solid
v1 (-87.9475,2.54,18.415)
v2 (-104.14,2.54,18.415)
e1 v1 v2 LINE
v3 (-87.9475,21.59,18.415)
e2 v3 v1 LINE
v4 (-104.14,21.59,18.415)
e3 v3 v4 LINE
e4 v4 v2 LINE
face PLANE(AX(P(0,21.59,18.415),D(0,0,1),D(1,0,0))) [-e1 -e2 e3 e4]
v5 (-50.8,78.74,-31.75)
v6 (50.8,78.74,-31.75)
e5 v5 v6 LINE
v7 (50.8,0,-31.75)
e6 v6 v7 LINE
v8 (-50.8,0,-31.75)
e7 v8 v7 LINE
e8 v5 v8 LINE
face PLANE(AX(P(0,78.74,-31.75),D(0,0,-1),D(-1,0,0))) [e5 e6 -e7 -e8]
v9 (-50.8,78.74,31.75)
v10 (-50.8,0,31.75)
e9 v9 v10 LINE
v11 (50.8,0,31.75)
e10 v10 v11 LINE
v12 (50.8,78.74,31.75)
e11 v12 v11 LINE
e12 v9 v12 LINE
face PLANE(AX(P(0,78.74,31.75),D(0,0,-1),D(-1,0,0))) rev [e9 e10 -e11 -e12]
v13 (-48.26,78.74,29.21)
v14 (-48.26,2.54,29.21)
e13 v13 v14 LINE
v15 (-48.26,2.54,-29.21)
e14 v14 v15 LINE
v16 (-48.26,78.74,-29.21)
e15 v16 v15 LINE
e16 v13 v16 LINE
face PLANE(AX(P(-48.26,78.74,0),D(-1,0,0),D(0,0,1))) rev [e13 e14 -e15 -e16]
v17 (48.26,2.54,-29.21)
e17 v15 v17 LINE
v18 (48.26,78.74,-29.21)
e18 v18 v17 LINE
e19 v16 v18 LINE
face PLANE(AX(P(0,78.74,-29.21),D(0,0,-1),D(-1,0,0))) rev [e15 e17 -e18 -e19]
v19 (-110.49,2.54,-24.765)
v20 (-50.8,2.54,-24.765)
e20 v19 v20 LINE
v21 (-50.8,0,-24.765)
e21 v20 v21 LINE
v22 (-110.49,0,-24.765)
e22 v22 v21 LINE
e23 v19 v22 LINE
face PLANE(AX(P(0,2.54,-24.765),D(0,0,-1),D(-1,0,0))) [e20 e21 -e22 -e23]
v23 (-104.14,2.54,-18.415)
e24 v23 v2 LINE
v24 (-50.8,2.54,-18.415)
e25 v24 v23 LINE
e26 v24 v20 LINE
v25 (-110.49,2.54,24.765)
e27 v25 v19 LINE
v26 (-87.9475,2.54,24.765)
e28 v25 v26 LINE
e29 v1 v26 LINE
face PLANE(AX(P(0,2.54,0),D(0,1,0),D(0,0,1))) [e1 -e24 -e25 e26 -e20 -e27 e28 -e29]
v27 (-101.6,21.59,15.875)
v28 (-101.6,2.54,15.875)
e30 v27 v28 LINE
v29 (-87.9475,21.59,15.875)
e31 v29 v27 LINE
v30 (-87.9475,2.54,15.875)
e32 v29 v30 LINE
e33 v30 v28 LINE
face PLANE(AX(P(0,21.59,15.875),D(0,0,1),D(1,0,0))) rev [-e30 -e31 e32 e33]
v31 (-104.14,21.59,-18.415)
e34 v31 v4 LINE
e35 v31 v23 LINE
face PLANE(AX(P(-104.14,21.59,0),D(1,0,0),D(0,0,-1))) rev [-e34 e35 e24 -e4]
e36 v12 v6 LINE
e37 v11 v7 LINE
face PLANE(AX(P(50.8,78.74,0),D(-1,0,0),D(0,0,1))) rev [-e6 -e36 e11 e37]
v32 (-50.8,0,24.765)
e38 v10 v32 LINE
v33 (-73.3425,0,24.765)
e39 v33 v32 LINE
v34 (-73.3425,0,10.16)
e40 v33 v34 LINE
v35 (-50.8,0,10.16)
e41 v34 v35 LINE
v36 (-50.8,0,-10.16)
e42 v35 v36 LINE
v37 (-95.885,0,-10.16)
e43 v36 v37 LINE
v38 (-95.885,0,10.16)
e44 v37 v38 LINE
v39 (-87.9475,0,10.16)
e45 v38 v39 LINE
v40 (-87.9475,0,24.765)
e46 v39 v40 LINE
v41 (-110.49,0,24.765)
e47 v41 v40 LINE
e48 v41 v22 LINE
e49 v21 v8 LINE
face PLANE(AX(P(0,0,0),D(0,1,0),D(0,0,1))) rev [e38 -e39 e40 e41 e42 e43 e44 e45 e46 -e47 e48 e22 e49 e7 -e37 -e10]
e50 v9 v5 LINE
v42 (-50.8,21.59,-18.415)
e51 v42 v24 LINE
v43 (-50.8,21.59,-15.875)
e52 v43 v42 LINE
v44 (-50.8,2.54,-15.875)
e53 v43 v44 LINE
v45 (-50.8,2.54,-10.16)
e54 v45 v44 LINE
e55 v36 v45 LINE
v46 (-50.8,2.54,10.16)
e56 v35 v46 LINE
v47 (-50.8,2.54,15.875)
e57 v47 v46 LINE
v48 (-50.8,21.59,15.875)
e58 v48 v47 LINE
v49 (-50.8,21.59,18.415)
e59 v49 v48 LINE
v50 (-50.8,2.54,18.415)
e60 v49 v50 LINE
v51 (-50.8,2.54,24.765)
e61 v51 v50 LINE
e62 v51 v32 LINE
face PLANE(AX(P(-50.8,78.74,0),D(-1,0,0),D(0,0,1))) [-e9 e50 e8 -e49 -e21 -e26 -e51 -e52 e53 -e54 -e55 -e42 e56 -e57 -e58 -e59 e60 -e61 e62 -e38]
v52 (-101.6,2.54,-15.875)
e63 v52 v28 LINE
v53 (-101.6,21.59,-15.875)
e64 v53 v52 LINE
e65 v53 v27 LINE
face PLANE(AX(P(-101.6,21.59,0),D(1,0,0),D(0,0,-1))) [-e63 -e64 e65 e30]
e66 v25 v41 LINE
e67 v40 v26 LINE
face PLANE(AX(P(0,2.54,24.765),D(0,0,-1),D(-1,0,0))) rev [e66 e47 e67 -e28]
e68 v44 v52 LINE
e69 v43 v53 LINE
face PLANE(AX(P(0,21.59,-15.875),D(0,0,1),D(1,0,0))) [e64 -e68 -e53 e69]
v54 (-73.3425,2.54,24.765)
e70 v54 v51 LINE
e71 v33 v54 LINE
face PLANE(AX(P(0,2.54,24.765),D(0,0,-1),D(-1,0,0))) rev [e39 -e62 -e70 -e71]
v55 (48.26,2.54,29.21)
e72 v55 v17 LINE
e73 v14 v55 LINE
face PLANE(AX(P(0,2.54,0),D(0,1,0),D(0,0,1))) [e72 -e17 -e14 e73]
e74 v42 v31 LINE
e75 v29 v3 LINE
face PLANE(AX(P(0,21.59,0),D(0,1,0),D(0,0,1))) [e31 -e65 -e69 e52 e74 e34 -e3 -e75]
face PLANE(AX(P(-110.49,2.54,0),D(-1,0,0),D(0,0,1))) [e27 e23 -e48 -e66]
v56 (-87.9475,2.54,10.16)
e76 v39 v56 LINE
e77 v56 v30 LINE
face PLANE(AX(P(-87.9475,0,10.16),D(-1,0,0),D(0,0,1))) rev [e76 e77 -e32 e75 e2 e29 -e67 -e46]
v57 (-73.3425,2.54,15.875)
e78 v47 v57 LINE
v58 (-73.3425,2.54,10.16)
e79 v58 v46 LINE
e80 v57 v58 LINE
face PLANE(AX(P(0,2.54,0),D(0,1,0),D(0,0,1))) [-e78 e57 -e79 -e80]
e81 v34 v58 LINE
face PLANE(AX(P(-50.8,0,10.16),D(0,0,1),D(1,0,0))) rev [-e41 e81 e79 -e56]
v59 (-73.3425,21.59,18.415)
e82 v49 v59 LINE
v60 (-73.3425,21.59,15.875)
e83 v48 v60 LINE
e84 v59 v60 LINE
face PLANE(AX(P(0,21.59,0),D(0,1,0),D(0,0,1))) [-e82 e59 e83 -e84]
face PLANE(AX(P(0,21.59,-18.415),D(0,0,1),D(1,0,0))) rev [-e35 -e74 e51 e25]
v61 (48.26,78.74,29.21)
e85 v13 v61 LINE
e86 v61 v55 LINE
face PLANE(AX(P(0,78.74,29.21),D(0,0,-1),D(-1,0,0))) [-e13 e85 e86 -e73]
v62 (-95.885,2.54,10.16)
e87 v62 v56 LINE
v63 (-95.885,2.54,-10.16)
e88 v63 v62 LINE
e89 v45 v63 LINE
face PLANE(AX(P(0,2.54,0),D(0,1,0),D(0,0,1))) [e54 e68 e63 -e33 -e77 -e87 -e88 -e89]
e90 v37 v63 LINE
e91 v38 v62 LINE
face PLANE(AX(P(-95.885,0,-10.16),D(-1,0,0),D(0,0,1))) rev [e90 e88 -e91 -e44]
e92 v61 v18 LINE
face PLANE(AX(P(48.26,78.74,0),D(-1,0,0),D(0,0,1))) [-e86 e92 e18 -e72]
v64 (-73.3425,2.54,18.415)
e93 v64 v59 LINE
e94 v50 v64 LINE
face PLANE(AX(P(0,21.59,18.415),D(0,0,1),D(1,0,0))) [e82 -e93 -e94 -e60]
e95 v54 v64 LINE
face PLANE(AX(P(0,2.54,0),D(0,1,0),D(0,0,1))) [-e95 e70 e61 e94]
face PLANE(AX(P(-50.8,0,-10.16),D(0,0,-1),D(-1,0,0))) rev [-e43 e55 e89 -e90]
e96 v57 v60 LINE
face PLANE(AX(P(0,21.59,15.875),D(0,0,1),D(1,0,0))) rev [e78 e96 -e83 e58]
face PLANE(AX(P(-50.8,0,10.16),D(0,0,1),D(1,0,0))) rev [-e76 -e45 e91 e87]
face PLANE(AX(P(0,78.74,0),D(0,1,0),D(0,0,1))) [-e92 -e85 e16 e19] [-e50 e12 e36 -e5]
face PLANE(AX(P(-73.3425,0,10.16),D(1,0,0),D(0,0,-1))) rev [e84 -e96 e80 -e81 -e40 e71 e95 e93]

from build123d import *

# Parameters (mm, degrees)
BOSS_EXTRUDE1_DEPTH = 78.74
SHELL3_T            = -2.54
SKETCH1_3_W         = 59.69
SKETCH1_3_H         = 49.53
BOSS_EXTRUDE2_DEPTH = 2.54
BOSS_EXTRUDE3_DEPTH = 19.05
SKETCH3_W           = 45.085
SKETCH3_H           = 20.32
CUT_EXTRUDE1_DEPTH  = 3.54
SKETCH4_W           = 14.605
SKETCH4_H           = 14.605
CUT_EXTRUDE2_DEPTH  = 22.59


with BuildPart() as part:
    # Sketch1 → Boss-Extrude1 (new body)
    with BuildSketch(Plane(origin=(0, 0, 0), x_dir=(1, 0, 0), z_dir=(0, 1, 0))):
        Polygon((-50.8, 24.765), (-50.8, -24.765), (-50.8, -31.75), (50.8, -31.75), (50.8, 31.75), (-50.8, 31.75), align=None)
    extrude(amount=BOSS_EXTRUDE1_DEPTH)

    # Shell3
    shell3_openings = [part.faces().sort_by_distance(p)[0] for p in [
        (0, 78.74, 0),
    ]]
    offset(amount=SHELL3_T, openings=shell3_openings, kind=Kind.INTERSECTION)

    # Sketch1_3 → Boss-Extrude2 (add)
    with BuildSketch(Plane(origin=(0, 0, 0), x_dir=(1, 0, 0), z_dir=(0, 1, 0))):
        with Locations((-80.645, 0)):
            Rectangle(SKETCH1_3_W, SKETCH1_3_H)
    extrude(amount=BOSS_EXTRUDE2_DEPTH)

    # Sketch2 → Boss-Extrude3 (add)
    with BuildSketch(Plane(origin=(0, 2.54, 0), x_dir=(1, 0, 0), z_dir=(0, 1, 0))):
        Polygon((-50.8, 15.875), (-50.8, 18.415), (-104.14, 18.415), (-104.14, -18.415), (-50.8, -18.415), (-50.8, -15.875), (-101.6, -15.875), (-101.6, 15.875), align=None)
    extrude(amount=BOSS_EXTRUDE3_DEPTH)

    # Sketch3 → Cut-Extrude1 (cut, through all)
    with BuildSketch(Plane(origin=(0, 2.54, 0), x_dir=(1, 0, 0), z_dir=(0, 1, 0))):
        with Locations((-73.3425, 0)):
            Rectangle(SKETCH3_W, SKETCH3_H)
    extrude(amount=-CUT_EXTRUDE1_DEPTH, mode=Mode.SUBTRACT)

    # Sketch4 → Cut-Extrude2 (cut, through all)
    with BuildSketch(Plane(origin=(0, 21.59, 0), x_dir=(1, 0, 0), z_dir=(0, 1, 0))):
        with Locations((-80.645, -17.4625)):
            Rectangle(SKETCH4_W, SKETCH4_H)
    extrude(amount=-CUT_EXTRUDE2_DEPTH, mode=Mode.SUBTRACT)


solid = part.part
